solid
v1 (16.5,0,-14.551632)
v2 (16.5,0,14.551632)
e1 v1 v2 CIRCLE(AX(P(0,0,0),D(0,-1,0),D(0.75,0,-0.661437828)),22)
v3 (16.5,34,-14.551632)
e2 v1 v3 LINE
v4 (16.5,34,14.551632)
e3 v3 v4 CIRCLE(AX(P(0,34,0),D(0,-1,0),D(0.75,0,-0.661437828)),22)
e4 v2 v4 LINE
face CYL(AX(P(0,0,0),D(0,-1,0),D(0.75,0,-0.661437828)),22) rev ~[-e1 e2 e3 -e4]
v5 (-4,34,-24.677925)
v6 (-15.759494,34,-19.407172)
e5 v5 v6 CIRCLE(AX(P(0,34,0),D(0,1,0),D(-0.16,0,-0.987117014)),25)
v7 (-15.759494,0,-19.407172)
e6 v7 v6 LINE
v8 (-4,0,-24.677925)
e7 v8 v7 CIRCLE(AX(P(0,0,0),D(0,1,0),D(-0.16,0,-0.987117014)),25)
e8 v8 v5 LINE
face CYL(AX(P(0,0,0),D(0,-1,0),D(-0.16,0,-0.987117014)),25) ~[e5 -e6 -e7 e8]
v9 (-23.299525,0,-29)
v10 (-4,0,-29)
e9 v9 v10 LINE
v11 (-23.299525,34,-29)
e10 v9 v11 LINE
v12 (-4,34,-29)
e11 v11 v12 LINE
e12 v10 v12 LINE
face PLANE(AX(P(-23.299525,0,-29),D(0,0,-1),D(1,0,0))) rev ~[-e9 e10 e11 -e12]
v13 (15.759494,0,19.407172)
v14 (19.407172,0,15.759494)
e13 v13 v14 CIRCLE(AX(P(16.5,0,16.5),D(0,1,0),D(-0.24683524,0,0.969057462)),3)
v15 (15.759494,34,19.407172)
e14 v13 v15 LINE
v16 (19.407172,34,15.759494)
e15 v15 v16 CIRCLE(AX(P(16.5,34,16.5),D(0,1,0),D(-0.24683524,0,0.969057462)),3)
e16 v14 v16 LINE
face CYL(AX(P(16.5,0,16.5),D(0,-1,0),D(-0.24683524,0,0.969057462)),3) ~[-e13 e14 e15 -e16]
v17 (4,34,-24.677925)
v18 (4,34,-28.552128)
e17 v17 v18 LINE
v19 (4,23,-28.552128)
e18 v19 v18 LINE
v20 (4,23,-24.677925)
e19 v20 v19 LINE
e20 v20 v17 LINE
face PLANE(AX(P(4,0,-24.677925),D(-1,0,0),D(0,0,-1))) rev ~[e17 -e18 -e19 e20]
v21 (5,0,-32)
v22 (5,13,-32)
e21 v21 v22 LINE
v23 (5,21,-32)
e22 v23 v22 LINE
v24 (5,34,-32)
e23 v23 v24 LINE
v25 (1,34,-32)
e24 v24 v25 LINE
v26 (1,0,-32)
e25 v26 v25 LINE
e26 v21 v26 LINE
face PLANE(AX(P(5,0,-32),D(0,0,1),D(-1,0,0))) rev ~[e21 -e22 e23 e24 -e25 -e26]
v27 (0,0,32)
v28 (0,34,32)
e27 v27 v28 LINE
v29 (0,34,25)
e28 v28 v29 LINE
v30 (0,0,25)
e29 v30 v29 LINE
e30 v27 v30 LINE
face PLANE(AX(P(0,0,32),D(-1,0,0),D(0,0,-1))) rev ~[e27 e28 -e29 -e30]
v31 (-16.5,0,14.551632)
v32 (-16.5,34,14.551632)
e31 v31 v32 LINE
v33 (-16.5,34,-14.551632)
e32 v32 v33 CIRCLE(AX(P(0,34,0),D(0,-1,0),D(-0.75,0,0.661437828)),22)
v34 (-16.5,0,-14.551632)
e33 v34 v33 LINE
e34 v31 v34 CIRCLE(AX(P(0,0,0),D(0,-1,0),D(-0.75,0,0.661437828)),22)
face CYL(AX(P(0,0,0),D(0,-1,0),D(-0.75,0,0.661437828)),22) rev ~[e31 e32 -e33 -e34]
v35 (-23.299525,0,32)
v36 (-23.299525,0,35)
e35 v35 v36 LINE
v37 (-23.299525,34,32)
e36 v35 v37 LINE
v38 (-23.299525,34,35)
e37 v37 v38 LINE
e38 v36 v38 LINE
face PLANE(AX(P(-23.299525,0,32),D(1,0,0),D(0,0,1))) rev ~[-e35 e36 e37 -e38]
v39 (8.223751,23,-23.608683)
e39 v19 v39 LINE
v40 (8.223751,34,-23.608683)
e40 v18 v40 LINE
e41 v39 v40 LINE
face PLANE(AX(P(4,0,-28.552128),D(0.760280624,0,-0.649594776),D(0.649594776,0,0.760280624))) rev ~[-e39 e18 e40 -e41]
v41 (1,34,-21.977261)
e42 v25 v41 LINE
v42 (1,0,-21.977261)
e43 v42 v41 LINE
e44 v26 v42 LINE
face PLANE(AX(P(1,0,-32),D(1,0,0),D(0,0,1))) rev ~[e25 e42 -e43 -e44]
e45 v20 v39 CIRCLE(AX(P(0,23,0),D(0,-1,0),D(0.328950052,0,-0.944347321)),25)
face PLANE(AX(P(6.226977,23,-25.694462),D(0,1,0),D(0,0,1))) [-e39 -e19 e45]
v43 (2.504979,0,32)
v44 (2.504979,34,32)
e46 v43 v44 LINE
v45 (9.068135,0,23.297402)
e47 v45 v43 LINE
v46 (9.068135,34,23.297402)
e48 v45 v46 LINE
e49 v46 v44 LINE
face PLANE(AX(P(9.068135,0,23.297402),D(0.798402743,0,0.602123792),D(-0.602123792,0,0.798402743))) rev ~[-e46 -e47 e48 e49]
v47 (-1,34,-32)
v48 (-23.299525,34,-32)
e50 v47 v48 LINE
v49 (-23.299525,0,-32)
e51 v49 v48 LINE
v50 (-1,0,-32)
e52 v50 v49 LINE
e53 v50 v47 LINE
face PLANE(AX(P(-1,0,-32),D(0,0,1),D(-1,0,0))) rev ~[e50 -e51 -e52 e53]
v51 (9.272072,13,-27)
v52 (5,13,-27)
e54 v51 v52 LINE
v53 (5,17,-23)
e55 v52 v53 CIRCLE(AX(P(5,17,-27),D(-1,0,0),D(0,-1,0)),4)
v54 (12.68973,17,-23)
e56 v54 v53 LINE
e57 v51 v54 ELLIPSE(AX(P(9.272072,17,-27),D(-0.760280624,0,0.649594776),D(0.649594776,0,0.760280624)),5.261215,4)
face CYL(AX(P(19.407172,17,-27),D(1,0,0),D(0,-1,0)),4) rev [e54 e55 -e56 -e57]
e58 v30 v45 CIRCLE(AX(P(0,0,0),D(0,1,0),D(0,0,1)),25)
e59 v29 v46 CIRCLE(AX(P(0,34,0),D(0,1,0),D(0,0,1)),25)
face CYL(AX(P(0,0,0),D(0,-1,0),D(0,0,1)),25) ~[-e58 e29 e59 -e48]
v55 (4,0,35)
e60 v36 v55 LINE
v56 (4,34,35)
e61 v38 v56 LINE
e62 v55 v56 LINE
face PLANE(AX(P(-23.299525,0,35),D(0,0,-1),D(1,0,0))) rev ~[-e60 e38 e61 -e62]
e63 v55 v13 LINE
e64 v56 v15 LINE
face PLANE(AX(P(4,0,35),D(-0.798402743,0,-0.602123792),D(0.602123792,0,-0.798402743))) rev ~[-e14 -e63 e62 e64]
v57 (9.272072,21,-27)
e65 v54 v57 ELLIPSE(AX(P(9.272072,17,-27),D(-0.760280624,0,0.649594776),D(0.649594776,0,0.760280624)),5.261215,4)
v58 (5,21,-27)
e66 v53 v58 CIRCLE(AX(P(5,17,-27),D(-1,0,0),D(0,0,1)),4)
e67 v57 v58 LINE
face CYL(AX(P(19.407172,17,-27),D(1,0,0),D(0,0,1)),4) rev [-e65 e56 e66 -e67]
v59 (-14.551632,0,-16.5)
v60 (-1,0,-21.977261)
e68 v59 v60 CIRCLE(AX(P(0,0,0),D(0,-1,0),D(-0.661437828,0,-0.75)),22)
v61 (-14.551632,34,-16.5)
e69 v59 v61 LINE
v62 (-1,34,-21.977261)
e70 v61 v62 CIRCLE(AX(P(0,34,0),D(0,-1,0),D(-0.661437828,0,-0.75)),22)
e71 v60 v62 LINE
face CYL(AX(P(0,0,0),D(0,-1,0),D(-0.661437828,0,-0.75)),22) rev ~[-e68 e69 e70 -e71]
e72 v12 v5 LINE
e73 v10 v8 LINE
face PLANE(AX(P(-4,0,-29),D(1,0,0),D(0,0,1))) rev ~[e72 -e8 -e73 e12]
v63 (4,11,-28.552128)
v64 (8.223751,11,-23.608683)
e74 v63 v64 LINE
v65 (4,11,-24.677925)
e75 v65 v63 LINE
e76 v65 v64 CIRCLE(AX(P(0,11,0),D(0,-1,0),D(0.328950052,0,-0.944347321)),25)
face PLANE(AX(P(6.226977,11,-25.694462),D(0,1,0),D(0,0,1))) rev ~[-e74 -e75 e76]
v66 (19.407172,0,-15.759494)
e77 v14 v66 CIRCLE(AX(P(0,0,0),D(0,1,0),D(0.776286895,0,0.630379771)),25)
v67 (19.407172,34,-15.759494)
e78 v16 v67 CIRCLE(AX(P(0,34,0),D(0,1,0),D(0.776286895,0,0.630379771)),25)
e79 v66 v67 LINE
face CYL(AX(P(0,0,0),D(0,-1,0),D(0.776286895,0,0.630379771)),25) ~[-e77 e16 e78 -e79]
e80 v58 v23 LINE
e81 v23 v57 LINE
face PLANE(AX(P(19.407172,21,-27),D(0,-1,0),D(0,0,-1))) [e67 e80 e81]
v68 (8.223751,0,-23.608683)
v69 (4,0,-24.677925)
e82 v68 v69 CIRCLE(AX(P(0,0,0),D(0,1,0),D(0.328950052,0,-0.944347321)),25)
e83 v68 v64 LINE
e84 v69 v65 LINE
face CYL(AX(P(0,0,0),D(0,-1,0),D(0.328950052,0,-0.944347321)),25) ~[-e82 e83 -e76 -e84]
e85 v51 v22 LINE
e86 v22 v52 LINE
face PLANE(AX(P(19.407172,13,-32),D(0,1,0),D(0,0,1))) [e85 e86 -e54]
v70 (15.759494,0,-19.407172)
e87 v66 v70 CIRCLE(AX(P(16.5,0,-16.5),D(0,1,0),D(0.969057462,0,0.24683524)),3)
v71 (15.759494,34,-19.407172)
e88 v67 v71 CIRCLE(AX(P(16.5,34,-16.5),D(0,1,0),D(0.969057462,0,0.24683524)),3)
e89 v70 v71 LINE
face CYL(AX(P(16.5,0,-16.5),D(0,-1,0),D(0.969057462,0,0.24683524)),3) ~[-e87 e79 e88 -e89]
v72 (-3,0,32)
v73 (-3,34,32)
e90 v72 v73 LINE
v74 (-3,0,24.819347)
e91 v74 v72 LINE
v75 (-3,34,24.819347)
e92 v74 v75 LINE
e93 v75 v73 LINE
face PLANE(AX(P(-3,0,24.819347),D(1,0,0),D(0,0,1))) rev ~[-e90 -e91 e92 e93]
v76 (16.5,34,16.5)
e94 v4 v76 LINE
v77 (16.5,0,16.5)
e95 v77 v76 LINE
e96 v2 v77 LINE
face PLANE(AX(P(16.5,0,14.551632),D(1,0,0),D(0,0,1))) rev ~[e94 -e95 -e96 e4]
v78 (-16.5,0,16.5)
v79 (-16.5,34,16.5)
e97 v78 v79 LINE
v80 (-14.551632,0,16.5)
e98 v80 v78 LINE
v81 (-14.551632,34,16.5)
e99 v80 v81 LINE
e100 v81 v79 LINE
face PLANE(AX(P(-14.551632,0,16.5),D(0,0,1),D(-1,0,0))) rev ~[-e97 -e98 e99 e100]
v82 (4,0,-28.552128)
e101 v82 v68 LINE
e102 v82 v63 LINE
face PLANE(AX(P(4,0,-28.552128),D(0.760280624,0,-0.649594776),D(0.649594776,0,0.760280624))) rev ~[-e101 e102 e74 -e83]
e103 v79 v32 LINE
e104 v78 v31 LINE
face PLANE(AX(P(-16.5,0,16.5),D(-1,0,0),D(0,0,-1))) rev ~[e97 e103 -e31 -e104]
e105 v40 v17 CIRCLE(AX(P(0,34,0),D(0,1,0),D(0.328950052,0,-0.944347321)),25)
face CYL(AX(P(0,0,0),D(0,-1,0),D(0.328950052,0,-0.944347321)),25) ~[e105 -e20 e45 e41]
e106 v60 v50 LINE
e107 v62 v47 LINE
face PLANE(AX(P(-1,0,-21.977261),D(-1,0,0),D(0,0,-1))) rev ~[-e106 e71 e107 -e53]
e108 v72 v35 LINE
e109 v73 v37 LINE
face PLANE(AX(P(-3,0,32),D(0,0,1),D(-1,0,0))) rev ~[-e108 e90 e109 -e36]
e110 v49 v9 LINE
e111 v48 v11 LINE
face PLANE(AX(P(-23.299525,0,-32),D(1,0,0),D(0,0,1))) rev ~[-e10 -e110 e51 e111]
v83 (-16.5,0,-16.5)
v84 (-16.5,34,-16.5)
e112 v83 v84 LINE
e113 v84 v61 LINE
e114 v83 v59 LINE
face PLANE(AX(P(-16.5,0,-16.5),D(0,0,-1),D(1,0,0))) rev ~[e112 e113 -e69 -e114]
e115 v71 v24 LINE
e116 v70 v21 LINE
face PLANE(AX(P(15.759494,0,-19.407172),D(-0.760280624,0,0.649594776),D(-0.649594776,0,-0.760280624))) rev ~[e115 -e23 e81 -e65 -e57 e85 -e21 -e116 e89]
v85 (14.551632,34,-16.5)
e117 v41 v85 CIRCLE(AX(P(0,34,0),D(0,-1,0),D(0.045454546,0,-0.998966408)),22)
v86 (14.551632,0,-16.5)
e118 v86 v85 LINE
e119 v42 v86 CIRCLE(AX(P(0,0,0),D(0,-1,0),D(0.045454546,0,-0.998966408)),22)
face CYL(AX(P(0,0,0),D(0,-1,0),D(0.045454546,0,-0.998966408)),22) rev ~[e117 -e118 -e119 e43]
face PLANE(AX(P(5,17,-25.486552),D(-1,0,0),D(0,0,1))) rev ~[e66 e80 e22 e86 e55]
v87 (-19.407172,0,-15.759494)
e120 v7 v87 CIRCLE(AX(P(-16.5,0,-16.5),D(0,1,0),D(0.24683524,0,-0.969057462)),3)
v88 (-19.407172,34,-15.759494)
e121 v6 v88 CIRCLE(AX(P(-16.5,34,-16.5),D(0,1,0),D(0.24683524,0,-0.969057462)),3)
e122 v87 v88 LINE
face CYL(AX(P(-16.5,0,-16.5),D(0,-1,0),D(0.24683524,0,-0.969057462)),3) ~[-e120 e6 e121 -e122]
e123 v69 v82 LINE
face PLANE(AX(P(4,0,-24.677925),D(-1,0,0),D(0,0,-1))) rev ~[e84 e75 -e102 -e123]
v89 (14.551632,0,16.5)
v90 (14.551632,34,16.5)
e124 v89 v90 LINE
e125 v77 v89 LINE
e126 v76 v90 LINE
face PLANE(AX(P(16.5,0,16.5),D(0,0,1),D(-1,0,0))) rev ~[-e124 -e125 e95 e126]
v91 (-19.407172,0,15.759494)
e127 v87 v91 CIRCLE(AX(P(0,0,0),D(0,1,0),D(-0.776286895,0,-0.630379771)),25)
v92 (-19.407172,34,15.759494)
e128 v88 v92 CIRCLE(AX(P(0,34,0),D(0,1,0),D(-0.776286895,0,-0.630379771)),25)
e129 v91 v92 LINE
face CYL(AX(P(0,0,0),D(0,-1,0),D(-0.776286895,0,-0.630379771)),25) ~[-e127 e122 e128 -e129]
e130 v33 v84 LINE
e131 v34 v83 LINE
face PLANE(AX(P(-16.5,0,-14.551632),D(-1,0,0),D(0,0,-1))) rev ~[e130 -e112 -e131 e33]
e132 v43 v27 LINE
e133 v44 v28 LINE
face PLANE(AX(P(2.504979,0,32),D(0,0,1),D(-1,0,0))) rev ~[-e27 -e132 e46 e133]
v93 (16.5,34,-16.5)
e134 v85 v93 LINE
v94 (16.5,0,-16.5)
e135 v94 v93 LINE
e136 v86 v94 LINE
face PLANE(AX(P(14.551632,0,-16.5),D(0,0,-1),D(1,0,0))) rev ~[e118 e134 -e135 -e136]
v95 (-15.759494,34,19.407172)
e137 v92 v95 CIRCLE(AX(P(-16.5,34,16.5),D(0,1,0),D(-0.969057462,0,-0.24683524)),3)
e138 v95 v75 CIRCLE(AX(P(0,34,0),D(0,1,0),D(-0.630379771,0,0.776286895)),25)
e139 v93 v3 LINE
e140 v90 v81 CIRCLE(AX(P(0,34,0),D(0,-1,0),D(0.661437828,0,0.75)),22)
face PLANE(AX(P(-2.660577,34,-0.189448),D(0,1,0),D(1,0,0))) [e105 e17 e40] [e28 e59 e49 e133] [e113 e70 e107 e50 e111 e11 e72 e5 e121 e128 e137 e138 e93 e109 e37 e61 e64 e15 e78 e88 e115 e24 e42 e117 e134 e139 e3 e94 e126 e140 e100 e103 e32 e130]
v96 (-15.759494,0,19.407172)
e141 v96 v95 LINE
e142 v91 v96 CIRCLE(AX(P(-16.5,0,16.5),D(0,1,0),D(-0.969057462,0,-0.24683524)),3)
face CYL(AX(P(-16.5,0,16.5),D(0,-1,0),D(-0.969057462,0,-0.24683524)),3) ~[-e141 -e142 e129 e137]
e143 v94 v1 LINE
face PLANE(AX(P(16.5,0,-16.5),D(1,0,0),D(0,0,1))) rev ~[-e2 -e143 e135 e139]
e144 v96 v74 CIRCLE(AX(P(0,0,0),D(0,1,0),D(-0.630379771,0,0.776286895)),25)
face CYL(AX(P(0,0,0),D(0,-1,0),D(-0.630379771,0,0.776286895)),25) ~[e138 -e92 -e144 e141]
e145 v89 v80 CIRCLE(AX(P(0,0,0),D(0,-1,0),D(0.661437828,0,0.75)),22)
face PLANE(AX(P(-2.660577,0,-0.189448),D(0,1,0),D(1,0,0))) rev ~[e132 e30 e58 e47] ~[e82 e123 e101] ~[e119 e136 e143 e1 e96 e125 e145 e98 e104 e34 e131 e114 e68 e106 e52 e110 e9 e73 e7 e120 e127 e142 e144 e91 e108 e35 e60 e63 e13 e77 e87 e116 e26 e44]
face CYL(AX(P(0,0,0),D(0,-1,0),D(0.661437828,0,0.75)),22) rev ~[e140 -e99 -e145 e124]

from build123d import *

# Parameters (mm, degrees)
BOSS_EXTRUDE1_DEPTH = 34
BOSS_EXTRUDE3_DEPTH = 12
CUT_EXTRUDE1_DEPTH  = 14.407172


with BuildPart() as part:
    # Sketch1 → Boss-Extrude1 (new body)
    with BuildSketch(Plane(origin=(0, 0, 0), x_dir=(1, 0, 0), z_dir=(0, 1, 0))):
        with BuildLine():
            Line((14.551632211, 16.5), (16.5, 16.5))
            Line((16.5, 16.5), (16.5, 14.551632211))
            ThreePointArc((16.5, 14.551632211), (22, 0), (16.5, -14.551632211))
            Line((16.5, -14.551632211), (16.5, -16.5))
            Line((16.5, -16.5), (14.551632211, -16.5))
            ThreePointArc((14.551632211, -16.5), (0, -22), (-14.551632211, -16.5))
            Line((-14.551632211, -16.5), (-16.5, -16.5))
            Line((-16.5, -16.5), (-16.5, -14.551632211))
            ThreePointArc((-16.5, -14.551632211), (-22, 0), (-16.5, 14.551632211))
            Line((-16.5, 14.551632211), (-16.5, 16.5))
            Line((-16.5, 16.5), (-14.551632211, 16.5))
            ThreePointArc((-14.551632211, 16.5), (-8.243992543, 20.396974946), (-1, 21.977260976))
            Line((-1, 21.977260976), (-1, 32))
            Line((-1, 32), (-23.299524673, 32))
            Line((-23.299524673, 32), (-23.299524673, 29))
            Line((-23.299524673, 29), (-4, 29))
            Line((-4, 29), (-4, 24.677925359))
            ThreePointArc((-4, 24.677925359), (-10.225195, 22.813272172), (-15.759494281, 19.407172386))
            ThreePointArc((-15.759494281, 19.407172386), (-18.621320344, 18.621320344), (-19.407172386, 15.759494281))
            ThreePointArc((-19.407172386, 15.759494281), (-25, 0), (-19.407172386, -15.759494281))
            ThreePointArc((-19.407172386, -15.759494281), (-18.621320344, -18.621320344), (-15.759494281, -19.407172386))
            ThreePointArc((-15.759494281, -19.407172386), (-9.7623033, -23.015156621), (-3, -24.819347292))
            Line((-3, -24.819347292), (-3, -32))
            Line((-3, -32), (-23.299524673, -32))
            Line((-23.299524673, -32), (-23.299524673, -35))
            Line((-23.299524673, -35), (4, -35))
            Line((4, -35), (15.759494281, -19.407172386))
            ThreePointArc((15.759494281, -19.407172386), (18.621320344, -18.621320344), (19.407172386, -15.759494281))
            ThreePointArc((19.407172386, -15.759494281), (25, 0), (19.407172386, 15.759494281))
            ThreePointArc((19.407172386, 15.759494281), (18.621320344, 18.621320344), (15.759494281, 19.407172386))
            Line((15.759494281, 19.407172386), (5, 32))
            Line((5, 32), (1, 32))
            Line((1, 32), (1, 21.977260976))
            ThreePointArc((1, 21.977260976), (8.243992543, 20.396974946), (14.551632211, 16.5))
        make_face()
        with BuildLine():
            ThreePointArc((0, -25), (4.613293609, -24.570663851), (9.068134921, -23.297401766))
            Line((9.068134921, -23.297401766), (2.504979303, -32))
            Line((2.504979303, -32), (0, -32))
            Line((0, -32), (0, -25))
        make_face(mode=Mode.SUBTRACT)
        with BuildLine():
            ThreePointArc((8.223751321, 23.608683026), (6.135213434, 24.235493725), (4, 24.677925359))
            Line((4, 24.677925359), (4, 28.552128404))
            Line((4, 28.552128404), (8.223751321, 23.608683026))
        make_face(mode=Mode.SUBTRACT)
    extrude(amount=BOSS_EXTRUDE1_DEPTH)

    # Sketch6 → Boss-Extrude3 (add)
    with BuildSketch(Plane(origin=(0, 23, 0), x_dir=(0, 0, -1), z_dir=(0, -1, 0))):
        Polygon((30.717367885, 3.963704263), (22.785433959, 3.963704263), (22.785433959, 10.604126234), align=None)
    extrude(amount=BOSS_EXTRUDE3_DEPTH)

    # Sketch3 → Cut-Extrude1 (cut)
    with BuildSketch(Plane.ZY.offset(-19.407172386)):
        with BuildLine():
            ThreePointArc((-23, 17), (-24.171572875, 19.828427125), (-27, 21))
            Line((-27, 21), (-27, 13))
            ThreePointArc((-27, 13), (-24.171572875, 14.171572875), (-23, 17))
        make_face()
        with BuildLine():
            Line((-27, 13), (-27, 21))
            ThreePointArc((-27, 21), (-31, 17), (-27, 13))
        make_face()
        with BuildLine():
            Line((-27, 21), (-32, 21))
            Line((-32, 21), (-32, 13))
            Line((-32, 13), (-27, 13))
            ThreePointArc((-27, 13), (-31, 17), (-27, 21))
        make_face()
    extrude(amount=CUT_EXTRUDE1_DEPTH, mode=Mode.SUBTRACT)


solid = part.part
